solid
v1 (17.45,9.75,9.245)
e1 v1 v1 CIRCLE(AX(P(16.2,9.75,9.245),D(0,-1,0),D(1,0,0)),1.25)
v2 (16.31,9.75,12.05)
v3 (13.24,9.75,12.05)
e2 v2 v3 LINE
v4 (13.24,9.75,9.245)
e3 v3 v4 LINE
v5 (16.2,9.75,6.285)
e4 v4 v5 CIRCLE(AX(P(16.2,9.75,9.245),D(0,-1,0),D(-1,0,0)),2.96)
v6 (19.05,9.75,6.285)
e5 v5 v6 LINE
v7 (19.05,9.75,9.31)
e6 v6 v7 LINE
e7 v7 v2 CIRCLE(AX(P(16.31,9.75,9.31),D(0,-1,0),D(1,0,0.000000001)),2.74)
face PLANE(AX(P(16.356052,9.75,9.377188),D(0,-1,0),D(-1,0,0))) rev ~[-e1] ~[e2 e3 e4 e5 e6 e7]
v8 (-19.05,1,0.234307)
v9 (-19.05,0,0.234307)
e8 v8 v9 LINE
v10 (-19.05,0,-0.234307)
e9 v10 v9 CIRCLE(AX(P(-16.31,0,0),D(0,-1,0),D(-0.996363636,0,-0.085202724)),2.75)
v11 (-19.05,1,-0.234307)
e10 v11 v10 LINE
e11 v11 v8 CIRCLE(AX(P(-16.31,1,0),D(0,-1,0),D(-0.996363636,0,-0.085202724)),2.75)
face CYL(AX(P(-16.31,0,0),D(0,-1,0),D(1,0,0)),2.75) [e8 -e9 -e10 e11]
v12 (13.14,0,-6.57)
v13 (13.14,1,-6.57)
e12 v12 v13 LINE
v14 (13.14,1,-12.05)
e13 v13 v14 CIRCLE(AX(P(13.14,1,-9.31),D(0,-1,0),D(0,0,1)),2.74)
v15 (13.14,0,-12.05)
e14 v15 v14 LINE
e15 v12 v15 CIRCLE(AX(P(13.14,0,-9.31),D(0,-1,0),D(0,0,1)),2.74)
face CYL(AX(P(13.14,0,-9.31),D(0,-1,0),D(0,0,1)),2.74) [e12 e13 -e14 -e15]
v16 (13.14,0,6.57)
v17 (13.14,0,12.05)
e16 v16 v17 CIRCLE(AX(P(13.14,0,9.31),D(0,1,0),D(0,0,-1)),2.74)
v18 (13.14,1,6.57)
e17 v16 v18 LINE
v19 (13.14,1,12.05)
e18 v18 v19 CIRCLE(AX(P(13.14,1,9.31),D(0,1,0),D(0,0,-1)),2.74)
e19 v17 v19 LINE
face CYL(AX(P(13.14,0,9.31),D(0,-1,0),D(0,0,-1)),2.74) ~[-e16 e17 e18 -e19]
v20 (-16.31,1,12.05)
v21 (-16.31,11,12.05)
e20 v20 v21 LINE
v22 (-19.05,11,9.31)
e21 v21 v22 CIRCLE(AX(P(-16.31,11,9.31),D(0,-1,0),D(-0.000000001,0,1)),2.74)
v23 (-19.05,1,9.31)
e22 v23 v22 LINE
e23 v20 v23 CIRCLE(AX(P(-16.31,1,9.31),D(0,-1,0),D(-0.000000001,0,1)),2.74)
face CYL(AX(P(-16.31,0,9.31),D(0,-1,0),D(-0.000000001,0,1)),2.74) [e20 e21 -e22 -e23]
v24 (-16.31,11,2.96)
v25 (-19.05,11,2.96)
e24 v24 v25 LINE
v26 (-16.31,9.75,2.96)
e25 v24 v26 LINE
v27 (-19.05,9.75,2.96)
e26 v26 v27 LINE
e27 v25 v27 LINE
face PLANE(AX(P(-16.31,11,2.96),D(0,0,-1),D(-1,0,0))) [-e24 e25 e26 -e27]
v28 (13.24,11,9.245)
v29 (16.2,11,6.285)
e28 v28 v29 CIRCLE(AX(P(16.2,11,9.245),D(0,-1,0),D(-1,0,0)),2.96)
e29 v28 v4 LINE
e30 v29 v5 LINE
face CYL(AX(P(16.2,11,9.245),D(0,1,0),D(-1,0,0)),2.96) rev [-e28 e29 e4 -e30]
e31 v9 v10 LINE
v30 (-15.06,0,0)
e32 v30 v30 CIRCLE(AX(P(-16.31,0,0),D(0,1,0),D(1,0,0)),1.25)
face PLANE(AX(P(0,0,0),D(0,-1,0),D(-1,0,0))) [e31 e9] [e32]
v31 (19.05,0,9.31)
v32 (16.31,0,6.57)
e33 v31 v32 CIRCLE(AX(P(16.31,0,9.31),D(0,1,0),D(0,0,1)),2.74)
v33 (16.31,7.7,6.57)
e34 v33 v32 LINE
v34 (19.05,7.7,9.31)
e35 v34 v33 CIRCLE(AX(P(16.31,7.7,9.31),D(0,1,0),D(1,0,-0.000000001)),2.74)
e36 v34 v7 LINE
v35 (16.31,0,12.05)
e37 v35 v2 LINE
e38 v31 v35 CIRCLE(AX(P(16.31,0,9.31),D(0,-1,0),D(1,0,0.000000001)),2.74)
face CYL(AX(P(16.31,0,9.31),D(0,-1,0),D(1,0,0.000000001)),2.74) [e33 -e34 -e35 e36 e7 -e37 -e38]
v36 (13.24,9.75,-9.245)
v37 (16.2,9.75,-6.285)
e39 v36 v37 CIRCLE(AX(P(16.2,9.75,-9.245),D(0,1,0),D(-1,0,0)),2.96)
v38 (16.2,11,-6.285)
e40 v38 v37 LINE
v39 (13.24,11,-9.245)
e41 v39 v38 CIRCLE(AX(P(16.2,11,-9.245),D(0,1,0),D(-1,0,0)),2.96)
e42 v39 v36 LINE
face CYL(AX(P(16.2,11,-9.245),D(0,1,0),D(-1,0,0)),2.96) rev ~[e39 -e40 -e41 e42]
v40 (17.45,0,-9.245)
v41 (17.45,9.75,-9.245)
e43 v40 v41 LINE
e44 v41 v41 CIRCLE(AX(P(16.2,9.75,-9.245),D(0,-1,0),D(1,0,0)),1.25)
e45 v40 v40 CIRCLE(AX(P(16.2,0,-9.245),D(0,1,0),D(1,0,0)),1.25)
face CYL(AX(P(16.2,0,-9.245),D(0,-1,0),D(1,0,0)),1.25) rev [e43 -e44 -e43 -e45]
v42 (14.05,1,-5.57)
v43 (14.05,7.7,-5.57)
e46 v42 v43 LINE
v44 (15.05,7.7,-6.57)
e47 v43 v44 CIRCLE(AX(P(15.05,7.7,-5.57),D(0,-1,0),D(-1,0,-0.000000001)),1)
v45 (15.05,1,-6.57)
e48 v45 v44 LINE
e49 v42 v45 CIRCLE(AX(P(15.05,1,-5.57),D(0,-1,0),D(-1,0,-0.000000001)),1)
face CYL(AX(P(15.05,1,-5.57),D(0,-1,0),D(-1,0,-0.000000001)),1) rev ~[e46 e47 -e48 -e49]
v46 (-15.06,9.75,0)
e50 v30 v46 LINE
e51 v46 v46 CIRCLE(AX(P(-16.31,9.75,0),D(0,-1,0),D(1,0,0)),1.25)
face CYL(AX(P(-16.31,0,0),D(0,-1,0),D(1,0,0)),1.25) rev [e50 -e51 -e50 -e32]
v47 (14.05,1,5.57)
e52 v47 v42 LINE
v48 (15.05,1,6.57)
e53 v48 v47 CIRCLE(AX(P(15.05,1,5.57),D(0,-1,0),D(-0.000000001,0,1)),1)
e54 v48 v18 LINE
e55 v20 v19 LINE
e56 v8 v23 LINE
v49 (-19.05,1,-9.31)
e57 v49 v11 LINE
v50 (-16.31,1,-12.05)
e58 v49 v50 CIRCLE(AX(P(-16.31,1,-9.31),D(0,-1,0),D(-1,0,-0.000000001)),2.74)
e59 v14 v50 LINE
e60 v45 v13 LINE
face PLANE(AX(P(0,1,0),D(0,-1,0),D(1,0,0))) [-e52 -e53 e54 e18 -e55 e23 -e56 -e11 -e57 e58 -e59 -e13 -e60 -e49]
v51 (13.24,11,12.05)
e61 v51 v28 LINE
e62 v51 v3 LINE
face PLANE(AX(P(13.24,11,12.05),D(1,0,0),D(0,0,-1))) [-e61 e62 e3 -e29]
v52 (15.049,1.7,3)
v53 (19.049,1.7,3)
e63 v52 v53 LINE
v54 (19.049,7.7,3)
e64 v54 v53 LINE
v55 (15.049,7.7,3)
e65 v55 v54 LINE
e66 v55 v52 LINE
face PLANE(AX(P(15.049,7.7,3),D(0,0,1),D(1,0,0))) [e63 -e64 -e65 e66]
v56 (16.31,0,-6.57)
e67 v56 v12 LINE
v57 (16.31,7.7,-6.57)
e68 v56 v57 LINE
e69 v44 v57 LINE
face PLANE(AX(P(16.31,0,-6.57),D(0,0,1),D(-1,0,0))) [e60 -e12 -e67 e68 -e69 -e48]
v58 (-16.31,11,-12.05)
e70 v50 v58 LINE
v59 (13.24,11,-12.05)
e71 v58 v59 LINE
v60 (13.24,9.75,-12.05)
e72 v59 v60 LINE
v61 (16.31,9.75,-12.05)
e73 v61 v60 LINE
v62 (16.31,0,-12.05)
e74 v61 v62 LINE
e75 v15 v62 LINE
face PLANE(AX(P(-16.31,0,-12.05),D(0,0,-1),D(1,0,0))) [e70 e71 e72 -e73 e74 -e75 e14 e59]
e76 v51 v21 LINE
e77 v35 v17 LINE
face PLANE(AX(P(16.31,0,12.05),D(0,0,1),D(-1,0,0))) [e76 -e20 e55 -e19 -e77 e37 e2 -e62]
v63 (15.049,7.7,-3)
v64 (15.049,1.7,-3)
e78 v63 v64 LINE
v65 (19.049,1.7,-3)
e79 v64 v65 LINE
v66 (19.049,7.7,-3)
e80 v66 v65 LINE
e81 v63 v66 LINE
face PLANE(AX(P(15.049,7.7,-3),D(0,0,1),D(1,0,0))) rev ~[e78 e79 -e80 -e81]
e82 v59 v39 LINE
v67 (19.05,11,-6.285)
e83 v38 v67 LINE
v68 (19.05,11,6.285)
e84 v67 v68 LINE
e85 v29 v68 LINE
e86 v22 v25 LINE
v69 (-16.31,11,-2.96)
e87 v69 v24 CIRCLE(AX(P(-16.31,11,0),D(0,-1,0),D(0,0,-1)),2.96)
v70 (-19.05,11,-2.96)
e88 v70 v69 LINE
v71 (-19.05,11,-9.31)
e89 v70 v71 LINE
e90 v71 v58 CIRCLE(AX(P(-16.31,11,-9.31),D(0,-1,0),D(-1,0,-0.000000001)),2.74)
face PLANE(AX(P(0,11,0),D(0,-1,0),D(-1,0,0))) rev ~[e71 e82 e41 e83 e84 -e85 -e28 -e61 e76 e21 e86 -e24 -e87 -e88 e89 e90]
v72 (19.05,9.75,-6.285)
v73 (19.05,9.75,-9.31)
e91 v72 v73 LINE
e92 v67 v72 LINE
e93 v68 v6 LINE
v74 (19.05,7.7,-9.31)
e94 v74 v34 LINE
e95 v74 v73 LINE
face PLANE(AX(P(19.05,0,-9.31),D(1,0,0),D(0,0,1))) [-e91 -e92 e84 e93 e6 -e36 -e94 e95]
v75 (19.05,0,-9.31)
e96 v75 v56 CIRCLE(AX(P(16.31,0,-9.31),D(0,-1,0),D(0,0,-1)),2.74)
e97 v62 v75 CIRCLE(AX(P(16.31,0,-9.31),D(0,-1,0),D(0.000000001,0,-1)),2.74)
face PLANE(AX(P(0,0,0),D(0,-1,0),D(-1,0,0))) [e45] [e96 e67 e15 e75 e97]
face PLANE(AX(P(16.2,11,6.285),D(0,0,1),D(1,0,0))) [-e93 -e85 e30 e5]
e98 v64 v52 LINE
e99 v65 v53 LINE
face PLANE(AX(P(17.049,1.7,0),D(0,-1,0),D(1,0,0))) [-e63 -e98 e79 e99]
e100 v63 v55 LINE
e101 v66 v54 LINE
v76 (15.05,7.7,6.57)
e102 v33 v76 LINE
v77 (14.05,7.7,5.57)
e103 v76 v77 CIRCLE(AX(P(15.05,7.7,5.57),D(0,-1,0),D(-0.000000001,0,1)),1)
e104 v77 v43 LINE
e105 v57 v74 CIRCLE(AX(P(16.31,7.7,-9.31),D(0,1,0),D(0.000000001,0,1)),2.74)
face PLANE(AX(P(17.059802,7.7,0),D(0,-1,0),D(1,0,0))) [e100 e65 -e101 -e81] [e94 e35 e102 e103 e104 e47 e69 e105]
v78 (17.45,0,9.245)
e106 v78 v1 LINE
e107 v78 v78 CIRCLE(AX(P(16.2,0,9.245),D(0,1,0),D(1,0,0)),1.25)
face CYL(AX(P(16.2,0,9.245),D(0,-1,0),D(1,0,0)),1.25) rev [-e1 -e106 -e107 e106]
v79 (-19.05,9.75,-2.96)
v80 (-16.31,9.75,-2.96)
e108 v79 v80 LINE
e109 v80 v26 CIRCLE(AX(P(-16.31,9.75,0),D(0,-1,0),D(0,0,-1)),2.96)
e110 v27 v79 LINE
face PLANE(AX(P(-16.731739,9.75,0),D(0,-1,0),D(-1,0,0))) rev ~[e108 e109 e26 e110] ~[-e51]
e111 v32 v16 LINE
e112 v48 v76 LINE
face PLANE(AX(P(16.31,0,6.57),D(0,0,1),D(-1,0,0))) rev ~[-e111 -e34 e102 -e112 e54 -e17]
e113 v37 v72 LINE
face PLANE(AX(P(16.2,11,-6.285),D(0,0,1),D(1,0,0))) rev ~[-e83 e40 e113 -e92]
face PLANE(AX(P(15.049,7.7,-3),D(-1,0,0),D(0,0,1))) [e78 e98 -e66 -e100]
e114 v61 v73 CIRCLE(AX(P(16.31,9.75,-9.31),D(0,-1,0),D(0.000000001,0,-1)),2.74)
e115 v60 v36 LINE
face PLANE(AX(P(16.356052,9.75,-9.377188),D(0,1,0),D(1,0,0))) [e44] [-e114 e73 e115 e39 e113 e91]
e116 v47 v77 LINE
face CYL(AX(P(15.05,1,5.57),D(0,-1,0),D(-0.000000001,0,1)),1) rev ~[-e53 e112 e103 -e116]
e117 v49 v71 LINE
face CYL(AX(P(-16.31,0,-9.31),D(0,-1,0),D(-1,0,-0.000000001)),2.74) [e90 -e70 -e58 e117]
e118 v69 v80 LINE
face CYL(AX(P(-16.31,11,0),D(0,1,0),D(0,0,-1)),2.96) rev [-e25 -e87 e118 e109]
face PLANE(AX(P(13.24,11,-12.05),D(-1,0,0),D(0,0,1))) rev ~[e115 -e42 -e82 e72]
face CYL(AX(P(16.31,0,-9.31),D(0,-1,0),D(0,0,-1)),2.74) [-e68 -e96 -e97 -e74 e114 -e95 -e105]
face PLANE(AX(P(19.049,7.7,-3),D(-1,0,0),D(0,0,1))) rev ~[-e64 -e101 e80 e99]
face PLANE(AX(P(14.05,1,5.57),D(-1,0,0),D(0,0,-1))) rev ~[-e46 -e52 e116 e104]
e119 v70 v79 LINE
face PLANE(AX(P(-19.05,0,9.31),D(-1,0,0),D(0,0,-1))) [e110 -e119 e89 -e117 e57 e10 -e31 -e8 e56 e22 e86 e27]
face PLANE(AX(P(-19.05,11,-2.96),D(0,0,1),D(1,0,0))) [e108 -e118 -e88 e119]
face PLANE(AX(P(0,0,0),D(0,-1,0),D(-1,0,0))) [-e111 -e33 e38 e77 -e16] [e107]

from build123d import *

# Parameters (mm, degrees)
SKIZZE1_R                       = 1.25
AUFSATZ_LINEAR_AUSTRAGEN1_DEPTH = 11
SCHNITT_LINEAR_AUSTRAGEN1_DEPTH = 1.25
SKIZZE3_OUTSIDE_W               = 49.38
SKIZZE3_OUTSIDE_H               = 35.38
SKIZZE3_OUTSIDE_R               = 2.75
SCHNITT_LINEAR_AUSTRAGEN2_DEPTH = 1
SCHNITT_LINEAR_AUSTRAGEN3_DEPTH = 6.7
SKIZZE5_W                       = 4
SKIZZE5_H                       = 6
AUFSATZ_LINEAR_AUSTRAGEN2_DEPTH = 6


with BuildPart() as part:
    # Skizze1 → Aufsatz-Linear austragen1 (new body)
    with BuildSketch(Plane(origin=(0, 0, 0), x_dir=(1, 0, 0), z_dir=(0, 1, 0))):
        with BuildLine():
            Line((-19.05, -9.31), (-19.05, 9.31))
            ThreePointArc((-19.05, 9.31), (-18.24747258, 11.24747258), (-16.31, 12.05))
            Line((-16.31, 12.05), (16.31, 12.05))
            ThreePointArc((16.31, 12.05), (18.24747258, 11.24747258), (19.05, 9.31))
            Line((19.05, 9.31), (19.05, -9.31))
            ThreePointArc((19.05, -9.31), (18.24747258, -11.24747258), (16.31, -12.05))
            Line((16.31, -12.05), (-16.31, -12.05))
            ThreePointArc((-16.31, -12.05), (-18.24747258, -11.24747258), (-19.05, -9.31))
        make_face()
        with Locations((16.2, 9.245)):
            Circle(SKIZZE1_R, mode=Mode.SUBTRACT)
        with Locations((16.2, -9.245)):
            Circle(SKIZZE1_R, mode=Mode.SUBTRACT)
        with Locations((-16.31, 0)):
            Circle(SKIZZE1_R, mode=Mode.SUBTRACT)
    extrude(amount=AUFSATZ_LINEAR_AUSTRAGEN1_DEPTH)

    # Skizze2 → Schnitt-Linear austragen1 (cut)
    with BuildSketch(Plane(origin=(0, 11, 0), x_dir=(1, 0, 0), z_dir=(0, 1, 0))):
        with BuildLine():
            Line((-19.05, -2.96), (-19.05, 2.96))
            Line((-19.05, 2.96), (-16.31, 2.96))
            ThreePointArc((-16.31, 2.96), (-13.35, 0), (-16.31, -2.96))
            Line((-16.31, -2.96), (-19.05, -2.96))
        make_face()
        with BuildLine():
            Line((13.24, 12.05), (13.24, 9.245))
            ThreePointArc((13.24, 9.245), (14.106963928, 7.151963928), (16.2, 6.285))
            Line((16.2, 6.285), (19.05, 6.285))
            Line((19.05, 6.285), (19.05, 12.05))
            Line((19.05, 12.05), (13.24, 12.05))
        make_face()
        with BuildLine():
            Line((19.05, -12.05), (13.24, -12.05))
            Line((13.24, -12.05), (13.24, -9.245))
            ThreePointArc((13.24, -9.245), (14.106963928, -7.151963928), (16.2, -6.285))
            Line((16.2, -6.285), (19.05, -6.285))
            Line((19.05, -6.285), (19.05, -12.05))
        make_face()
    extrude(amount=-SCHNITT_LINEAR_AUSTRAGEN1_DEPTH, mode=Mode.SUBTRACT)

    # Skizze3 outside → Schnitt-Linear austragen2 (cut)
    with BuildSketch(Plane.XZ):
        Rectangle(SKIZZE3_OUTSIDE_W, SKIZZE3_OUTSIDE_H)
        with Locations((-16.31, 0)):
            Circle(SKIZZE3_OUTSIDE_R, mode=Mode.SUBTRACT)
        with BuildLine():
            Line((13.14, 12.05), (16.31, 12.05))
            ThreePointArc((16.31, 12.05), (19.05, 9.31), (16.31, 6.57))
            Line((16.31, 6.57), (13.14, 6.57))
            ThreePointArc((13.14, 6.57), (10.4, 9.31), (13.14, 12.05))
        make_face(mode=Mode.SUBTRACT)
        with BuildLine():
            Line((13.14, -12.05), (16.31, -12.05))
            ThreePointArc((16.31, -12.05), (19.05, -9.31), (16.31, -6.57))
            Line((16.31, -6.57), (13.14, -6.57))
            ThreePointArc((13.14, -6.57), (10.4, -9.31), (13.14, -12.05))
        make_face(mode=Mode.SUBTRACT)
    extrude(amount=-SCHNITT_LINEAR_AUSTRAGEN2_DEPTH, mode=Mode.SUBTRACT)

    # Skizze4 → Schnitt-Linear austragen3 (cut)
    with BuildSketch(Plane.XZ.offset(-1)):
        with BuildLine():
            Line((16.31, 6.57), (15.05, 6.57))
            ThreePointArc((15.05, 6.57), (14.342893219, 6.277106781), (14.05, 5.57))
            Line((14.05, 5.57), (14.05, -5.57))
            ThreePointArc((14.05, -5.57), (14.342893219, -6.277106781), (15.05, -6.57))
            Line((15.05, -6.57), (16.31, -6.57))
            ThreePointArc((16.31, -6.57), (18.24747258, -7.37252742), (19.05, -9.31))
            Line((19.05, -9.31), (19.05, 9.31))
            ThreePointArc((19.05, 9.31), (18.24747258, 7.37252742), (16.31, 6.57))
        make_face()
    extrude(amount=-SCHNITT_LINEAR_AUSTRAGEN3_DEPTH, mode=Mode.SUBTRACT)

    # Skizze5 → Aufsatz-Linear austragen2 (add)
    with BuildSketch(Plane.XZ.offset(-7.7)):
        with Locations((17.049, 0)):
            Rectangle(SKIZZE5_W, SKIZZE5_H)
    extrude(amount=AUFSATZ_LINEAR_AUSTRAGEN2_DEPTH)


solid = part.part
